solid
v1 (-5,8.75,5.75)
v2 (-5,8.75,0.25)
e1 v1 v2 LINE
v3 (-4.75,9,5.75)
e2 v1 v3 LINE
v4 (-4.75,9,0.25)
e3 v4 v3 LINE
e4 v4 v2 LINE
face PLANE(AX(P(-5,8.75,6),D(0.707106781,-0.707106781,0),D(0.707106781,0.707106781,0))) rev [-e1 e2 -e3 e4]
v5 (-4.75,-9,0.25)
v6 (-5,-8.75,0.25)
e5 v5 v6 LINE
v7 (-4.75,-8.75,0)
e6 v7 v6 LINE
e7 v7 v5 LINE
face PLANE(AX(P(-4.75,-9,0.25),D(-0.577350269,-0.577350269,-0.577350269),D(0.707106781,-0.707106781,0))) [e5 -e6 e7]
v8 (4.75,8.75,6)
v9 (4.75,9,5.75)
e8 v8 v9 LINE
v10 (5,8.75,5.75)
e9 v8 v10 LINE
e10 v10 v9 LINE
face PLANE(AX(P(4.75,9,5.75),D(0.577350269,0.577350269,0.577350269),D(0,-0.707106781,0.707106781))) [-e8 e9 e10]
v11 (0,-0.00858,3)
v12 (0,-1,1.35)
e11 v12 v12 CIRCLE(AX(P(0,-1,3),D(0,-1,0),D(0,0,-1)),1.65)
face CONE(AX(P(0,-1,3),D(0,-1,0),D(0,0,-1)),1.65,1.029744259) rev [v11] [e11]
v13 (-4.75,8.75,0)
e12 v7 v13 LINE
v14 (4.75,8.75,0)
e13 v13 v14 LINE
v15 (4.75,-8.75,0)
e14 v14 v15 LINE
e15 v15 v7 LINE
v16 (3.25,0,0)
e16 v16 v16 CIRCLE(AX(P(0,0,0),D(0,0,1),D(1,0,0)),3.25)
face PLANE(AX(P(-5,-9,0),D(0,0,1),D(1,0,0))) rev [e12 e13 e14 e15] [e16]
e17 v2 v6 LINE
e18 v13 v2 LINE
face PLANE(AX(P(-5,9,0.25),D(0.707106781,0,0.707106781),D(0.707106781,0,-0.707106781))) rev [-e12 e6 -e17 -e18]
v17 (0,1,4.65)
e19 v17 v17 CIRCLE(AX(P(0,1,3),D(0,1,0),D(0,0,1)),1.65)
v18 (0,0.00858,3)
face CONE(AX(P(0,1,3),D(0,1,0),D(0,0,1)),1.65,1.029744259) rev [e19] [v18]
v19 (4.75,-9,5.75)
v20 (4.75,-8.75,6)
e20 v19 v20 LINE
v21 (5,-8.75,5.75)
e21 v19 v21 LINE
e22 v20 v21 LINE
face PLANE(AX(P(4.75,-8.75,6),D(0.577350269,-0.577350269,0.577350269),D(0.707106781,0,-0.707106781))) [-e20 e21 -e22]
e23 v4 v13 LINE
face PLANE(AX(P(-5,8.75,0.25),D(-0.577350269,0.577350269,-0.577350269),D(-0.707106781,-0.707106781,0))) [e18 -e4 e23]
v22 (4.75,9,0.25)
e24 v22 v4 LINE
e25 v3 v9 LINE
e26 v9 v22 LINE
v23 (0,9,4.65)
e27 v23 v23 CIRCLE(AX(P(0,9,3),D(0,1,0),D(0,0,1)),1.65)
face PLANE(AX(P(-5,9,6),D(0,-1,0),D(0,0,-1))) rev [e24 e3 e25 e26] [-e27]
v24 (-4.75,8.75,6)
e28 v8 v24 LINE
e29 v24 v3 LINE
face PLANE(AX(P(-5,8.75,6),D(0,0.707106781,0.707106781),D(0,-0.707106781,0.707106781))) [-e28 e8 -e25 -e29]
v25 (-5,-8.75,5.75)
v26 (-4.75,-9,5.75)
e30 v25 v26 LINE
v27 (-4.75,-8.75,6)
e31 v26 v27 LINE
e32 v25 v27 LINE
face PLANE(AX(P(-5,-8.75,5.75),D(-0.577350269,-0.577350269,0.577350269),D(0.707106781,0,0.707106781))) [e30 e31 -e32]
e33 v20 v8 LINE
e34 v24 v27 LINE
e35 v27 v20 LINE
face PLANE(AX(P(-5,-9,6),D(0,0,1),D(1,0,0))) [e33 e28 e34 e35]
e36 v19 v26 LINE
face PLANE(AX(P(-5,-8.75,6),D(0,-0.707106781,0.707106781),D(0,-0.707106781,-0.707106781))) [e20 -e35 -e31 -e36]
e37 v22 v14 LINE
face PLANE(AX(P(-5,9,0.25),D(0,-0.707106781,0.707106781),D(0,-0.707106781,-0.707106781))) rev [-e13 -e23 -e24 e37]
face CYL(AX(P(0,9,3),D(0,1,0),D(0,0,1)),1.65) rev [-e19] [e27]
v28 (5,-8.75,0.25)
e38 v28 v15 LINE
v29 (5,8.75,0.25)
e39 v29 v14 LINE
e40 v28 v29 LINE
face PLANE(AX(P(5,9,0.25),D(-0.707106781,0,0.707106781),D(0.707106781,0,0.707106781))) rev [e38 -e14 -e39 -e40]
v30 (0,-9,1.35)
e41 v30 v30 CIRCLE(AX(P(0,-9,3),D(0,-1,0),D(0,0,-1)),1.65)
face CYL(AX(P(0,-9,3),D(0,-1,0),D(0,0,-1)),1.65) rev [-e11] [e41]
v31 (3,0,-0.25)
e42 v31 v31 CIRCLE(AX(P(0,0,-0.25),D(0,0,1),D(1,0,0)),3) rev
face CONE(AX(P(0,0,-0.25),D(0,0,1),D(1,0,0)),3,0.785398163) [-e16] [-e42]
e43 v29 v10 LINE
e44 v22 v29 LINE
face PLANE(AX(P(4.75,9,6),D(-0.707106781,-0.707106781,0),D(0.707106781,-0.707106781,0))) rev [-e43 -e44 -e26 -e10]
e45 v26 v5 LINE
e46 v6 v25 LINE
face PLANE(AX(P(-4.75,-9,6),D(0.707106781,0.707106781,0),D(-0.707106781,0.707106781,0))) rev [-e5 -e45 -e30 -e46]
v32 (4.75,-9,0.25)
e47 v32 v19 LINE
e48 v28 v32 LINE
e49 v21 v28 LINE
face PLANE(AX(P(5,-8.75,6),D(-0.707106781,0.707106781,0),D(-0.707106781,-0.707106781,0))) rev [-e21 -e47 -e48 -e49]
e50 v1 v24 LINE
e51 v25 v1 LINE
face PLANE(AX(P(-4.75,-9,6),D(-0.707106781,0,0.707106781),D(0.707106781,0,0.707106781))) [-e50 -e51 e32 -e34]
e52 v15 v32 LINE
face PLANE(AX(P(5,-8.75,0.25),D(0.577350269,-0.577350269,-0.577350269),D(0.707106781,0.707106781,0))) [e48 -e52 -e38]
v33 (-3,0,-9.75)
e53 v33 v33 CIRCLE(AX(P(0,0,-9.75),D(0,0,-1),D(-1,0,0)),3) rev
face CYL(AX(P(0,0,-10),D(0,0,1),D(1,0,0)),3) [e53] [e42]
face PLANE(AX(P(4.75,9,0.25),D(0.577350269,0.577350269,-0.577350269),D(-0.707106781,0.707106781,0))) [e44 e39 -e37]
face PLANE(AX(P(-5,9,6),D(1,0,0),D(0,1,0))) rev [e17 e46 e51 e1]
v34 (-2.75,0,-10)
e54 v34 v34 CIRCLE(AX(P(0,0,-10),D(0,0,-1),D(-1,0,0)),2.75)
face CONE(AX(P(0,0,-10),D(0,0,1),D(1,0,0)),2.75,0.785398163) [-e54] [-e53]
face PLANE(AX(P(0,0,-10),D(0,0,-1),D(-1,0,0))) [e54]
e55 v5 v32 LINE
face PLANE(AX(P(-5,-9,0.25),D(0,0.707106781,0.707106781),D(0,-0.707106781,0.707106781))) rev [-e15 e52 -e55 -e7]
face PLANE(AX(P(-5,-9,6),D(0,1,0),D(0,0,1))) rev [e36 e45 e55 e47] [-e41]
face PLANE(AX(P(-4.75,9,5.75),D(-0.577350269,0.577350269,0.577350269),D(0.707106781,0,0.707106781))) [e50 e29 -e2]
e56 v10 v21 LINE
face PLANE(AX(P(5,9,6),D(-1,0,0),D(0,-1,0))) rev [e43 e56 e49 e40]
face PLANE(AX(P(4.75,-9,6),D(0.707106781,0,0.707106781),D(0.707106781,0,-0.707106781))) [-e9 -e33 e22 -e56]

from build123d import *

# Parameters (mm, degrees)
SKETCH1_W                           = 10
SKETCH1_H                           = 18
EXTRUDE1_DEPTH                      = 6
SKETCH2_R                           = 3
EXTRUDE2_DEPTH                      = 10
M4X0_7_TAPPED_HOLE1_D               = 3.3
M4X0_7_TAPPED_HOLE1_DEPTH           = 8
M4X0_7_TAPPED_HOLE1_TIP             = 0.991420021
M4X0_7_TAPPED_HOLE1_ON_FACE_2_D     = 3.3
M4X0_7_TAPPED_HOLE1_ON_FACE_2_DEPTH = 8
M4X0_7_TAPPED_HOLE1_ON_FACE_2_TIP   = 0.991420021
CHAMFER3_SIZE                       = 0.25


with BuildPart() as part:
    # Sketch1 → Extrude1 (new body)
    with BuildSketch(Plane.XY):
        Rectangle(SKETCH1_W, SKETCH1_H)
    extrude(amount=EXTRUDE1_DEPTH)

    # Sketch2 → Extrude2 (add)
    with BuildSketch(Plane(origin=(0, 0, 0), x_dir=(-1, 0, 0), z_dir=(0, 0, -1))):
        with Locations(Location((0, 0, 0), (0, 0, 180))):  # turned: the seam where the file's is
            Circle(SKETCH2_R)
    extrude(amount=EXTRUDE2_DEPTH)

    # M4x0.7 Tapped Hole1
    with Locations(Plane(origin=(0, -9, 3), x_dir=(0, 0, -1), z_dir=(0, -1, 0))):
        with Locations((0, 0)):
            Hole(M4X0_7_TAPPED_HOLE1_D / 2, depth=M4X0_7_TAPPED_HOLE1_DEPTH)
            with Locations((0, 0, -(M4X0_7_TAPPED_HOLE1_DEPTH + M4X0_7_TAPPED_HOLE1_TIP / 2))):  # 118° drill point
                Cone(0, M4X0_7_TAPPED_HOLE1_D / 2, M4X0_7_TAPPED_HOLE1_TIP, mode=Mode.SUBTRACT)

    # M4x0.7 Tapped Hole1 on face 2
    with Locations(Plane(origin=(0, 9, 3), x_dir=(0, 0, 1), z_dir=(0, 1, 0))):
        with Locations((0, 0)):
            Hole(M4X0_7_TAPPED_HOLE1_ON_FACE_2_D / 2, depth=M4X0_7_TAPPED_HOLE1_ON_FACE_2_DEPTH)
            with Locations((0, 0, -(M4X0_7_TAPPED_HOLE1_ON_FACE_2_DEPTH + M4X0_7_TAPPED_HOLE1_ON_FACE_2_TIP / 2))):  # 118° drill point
                Cone(0, M4X0_7_TAPPED_HOLE1_ON_FACE_2_D / 2, M4X0_7_TAPPED_HOLE1_ON_FACE_2_TIP, mode=Mode.SUBTRACT)

    # Chamfer3
    chamfer3_edges = [part.edges().sort_by_distance(p)[0] for p in [
        (5, 0, 6),
        (-3, 0, 0),
        (0, 9, 6),
        (-3, 0, -10),
        (-5, 0, 6),
        (0, 9, 0),
        (5, 0, 0),
        (0, -9, 0),
        (-5, 0, 0),
        (0, -9, 6),
        (-5, 9, 3),
        (5, 9, 3),
        (5, -9, 3),
        (-5, -9, 3),
    ]]
    chamfer(chamfer3_edges, length=CHAMFER3_SIZE)


solid = part.part
